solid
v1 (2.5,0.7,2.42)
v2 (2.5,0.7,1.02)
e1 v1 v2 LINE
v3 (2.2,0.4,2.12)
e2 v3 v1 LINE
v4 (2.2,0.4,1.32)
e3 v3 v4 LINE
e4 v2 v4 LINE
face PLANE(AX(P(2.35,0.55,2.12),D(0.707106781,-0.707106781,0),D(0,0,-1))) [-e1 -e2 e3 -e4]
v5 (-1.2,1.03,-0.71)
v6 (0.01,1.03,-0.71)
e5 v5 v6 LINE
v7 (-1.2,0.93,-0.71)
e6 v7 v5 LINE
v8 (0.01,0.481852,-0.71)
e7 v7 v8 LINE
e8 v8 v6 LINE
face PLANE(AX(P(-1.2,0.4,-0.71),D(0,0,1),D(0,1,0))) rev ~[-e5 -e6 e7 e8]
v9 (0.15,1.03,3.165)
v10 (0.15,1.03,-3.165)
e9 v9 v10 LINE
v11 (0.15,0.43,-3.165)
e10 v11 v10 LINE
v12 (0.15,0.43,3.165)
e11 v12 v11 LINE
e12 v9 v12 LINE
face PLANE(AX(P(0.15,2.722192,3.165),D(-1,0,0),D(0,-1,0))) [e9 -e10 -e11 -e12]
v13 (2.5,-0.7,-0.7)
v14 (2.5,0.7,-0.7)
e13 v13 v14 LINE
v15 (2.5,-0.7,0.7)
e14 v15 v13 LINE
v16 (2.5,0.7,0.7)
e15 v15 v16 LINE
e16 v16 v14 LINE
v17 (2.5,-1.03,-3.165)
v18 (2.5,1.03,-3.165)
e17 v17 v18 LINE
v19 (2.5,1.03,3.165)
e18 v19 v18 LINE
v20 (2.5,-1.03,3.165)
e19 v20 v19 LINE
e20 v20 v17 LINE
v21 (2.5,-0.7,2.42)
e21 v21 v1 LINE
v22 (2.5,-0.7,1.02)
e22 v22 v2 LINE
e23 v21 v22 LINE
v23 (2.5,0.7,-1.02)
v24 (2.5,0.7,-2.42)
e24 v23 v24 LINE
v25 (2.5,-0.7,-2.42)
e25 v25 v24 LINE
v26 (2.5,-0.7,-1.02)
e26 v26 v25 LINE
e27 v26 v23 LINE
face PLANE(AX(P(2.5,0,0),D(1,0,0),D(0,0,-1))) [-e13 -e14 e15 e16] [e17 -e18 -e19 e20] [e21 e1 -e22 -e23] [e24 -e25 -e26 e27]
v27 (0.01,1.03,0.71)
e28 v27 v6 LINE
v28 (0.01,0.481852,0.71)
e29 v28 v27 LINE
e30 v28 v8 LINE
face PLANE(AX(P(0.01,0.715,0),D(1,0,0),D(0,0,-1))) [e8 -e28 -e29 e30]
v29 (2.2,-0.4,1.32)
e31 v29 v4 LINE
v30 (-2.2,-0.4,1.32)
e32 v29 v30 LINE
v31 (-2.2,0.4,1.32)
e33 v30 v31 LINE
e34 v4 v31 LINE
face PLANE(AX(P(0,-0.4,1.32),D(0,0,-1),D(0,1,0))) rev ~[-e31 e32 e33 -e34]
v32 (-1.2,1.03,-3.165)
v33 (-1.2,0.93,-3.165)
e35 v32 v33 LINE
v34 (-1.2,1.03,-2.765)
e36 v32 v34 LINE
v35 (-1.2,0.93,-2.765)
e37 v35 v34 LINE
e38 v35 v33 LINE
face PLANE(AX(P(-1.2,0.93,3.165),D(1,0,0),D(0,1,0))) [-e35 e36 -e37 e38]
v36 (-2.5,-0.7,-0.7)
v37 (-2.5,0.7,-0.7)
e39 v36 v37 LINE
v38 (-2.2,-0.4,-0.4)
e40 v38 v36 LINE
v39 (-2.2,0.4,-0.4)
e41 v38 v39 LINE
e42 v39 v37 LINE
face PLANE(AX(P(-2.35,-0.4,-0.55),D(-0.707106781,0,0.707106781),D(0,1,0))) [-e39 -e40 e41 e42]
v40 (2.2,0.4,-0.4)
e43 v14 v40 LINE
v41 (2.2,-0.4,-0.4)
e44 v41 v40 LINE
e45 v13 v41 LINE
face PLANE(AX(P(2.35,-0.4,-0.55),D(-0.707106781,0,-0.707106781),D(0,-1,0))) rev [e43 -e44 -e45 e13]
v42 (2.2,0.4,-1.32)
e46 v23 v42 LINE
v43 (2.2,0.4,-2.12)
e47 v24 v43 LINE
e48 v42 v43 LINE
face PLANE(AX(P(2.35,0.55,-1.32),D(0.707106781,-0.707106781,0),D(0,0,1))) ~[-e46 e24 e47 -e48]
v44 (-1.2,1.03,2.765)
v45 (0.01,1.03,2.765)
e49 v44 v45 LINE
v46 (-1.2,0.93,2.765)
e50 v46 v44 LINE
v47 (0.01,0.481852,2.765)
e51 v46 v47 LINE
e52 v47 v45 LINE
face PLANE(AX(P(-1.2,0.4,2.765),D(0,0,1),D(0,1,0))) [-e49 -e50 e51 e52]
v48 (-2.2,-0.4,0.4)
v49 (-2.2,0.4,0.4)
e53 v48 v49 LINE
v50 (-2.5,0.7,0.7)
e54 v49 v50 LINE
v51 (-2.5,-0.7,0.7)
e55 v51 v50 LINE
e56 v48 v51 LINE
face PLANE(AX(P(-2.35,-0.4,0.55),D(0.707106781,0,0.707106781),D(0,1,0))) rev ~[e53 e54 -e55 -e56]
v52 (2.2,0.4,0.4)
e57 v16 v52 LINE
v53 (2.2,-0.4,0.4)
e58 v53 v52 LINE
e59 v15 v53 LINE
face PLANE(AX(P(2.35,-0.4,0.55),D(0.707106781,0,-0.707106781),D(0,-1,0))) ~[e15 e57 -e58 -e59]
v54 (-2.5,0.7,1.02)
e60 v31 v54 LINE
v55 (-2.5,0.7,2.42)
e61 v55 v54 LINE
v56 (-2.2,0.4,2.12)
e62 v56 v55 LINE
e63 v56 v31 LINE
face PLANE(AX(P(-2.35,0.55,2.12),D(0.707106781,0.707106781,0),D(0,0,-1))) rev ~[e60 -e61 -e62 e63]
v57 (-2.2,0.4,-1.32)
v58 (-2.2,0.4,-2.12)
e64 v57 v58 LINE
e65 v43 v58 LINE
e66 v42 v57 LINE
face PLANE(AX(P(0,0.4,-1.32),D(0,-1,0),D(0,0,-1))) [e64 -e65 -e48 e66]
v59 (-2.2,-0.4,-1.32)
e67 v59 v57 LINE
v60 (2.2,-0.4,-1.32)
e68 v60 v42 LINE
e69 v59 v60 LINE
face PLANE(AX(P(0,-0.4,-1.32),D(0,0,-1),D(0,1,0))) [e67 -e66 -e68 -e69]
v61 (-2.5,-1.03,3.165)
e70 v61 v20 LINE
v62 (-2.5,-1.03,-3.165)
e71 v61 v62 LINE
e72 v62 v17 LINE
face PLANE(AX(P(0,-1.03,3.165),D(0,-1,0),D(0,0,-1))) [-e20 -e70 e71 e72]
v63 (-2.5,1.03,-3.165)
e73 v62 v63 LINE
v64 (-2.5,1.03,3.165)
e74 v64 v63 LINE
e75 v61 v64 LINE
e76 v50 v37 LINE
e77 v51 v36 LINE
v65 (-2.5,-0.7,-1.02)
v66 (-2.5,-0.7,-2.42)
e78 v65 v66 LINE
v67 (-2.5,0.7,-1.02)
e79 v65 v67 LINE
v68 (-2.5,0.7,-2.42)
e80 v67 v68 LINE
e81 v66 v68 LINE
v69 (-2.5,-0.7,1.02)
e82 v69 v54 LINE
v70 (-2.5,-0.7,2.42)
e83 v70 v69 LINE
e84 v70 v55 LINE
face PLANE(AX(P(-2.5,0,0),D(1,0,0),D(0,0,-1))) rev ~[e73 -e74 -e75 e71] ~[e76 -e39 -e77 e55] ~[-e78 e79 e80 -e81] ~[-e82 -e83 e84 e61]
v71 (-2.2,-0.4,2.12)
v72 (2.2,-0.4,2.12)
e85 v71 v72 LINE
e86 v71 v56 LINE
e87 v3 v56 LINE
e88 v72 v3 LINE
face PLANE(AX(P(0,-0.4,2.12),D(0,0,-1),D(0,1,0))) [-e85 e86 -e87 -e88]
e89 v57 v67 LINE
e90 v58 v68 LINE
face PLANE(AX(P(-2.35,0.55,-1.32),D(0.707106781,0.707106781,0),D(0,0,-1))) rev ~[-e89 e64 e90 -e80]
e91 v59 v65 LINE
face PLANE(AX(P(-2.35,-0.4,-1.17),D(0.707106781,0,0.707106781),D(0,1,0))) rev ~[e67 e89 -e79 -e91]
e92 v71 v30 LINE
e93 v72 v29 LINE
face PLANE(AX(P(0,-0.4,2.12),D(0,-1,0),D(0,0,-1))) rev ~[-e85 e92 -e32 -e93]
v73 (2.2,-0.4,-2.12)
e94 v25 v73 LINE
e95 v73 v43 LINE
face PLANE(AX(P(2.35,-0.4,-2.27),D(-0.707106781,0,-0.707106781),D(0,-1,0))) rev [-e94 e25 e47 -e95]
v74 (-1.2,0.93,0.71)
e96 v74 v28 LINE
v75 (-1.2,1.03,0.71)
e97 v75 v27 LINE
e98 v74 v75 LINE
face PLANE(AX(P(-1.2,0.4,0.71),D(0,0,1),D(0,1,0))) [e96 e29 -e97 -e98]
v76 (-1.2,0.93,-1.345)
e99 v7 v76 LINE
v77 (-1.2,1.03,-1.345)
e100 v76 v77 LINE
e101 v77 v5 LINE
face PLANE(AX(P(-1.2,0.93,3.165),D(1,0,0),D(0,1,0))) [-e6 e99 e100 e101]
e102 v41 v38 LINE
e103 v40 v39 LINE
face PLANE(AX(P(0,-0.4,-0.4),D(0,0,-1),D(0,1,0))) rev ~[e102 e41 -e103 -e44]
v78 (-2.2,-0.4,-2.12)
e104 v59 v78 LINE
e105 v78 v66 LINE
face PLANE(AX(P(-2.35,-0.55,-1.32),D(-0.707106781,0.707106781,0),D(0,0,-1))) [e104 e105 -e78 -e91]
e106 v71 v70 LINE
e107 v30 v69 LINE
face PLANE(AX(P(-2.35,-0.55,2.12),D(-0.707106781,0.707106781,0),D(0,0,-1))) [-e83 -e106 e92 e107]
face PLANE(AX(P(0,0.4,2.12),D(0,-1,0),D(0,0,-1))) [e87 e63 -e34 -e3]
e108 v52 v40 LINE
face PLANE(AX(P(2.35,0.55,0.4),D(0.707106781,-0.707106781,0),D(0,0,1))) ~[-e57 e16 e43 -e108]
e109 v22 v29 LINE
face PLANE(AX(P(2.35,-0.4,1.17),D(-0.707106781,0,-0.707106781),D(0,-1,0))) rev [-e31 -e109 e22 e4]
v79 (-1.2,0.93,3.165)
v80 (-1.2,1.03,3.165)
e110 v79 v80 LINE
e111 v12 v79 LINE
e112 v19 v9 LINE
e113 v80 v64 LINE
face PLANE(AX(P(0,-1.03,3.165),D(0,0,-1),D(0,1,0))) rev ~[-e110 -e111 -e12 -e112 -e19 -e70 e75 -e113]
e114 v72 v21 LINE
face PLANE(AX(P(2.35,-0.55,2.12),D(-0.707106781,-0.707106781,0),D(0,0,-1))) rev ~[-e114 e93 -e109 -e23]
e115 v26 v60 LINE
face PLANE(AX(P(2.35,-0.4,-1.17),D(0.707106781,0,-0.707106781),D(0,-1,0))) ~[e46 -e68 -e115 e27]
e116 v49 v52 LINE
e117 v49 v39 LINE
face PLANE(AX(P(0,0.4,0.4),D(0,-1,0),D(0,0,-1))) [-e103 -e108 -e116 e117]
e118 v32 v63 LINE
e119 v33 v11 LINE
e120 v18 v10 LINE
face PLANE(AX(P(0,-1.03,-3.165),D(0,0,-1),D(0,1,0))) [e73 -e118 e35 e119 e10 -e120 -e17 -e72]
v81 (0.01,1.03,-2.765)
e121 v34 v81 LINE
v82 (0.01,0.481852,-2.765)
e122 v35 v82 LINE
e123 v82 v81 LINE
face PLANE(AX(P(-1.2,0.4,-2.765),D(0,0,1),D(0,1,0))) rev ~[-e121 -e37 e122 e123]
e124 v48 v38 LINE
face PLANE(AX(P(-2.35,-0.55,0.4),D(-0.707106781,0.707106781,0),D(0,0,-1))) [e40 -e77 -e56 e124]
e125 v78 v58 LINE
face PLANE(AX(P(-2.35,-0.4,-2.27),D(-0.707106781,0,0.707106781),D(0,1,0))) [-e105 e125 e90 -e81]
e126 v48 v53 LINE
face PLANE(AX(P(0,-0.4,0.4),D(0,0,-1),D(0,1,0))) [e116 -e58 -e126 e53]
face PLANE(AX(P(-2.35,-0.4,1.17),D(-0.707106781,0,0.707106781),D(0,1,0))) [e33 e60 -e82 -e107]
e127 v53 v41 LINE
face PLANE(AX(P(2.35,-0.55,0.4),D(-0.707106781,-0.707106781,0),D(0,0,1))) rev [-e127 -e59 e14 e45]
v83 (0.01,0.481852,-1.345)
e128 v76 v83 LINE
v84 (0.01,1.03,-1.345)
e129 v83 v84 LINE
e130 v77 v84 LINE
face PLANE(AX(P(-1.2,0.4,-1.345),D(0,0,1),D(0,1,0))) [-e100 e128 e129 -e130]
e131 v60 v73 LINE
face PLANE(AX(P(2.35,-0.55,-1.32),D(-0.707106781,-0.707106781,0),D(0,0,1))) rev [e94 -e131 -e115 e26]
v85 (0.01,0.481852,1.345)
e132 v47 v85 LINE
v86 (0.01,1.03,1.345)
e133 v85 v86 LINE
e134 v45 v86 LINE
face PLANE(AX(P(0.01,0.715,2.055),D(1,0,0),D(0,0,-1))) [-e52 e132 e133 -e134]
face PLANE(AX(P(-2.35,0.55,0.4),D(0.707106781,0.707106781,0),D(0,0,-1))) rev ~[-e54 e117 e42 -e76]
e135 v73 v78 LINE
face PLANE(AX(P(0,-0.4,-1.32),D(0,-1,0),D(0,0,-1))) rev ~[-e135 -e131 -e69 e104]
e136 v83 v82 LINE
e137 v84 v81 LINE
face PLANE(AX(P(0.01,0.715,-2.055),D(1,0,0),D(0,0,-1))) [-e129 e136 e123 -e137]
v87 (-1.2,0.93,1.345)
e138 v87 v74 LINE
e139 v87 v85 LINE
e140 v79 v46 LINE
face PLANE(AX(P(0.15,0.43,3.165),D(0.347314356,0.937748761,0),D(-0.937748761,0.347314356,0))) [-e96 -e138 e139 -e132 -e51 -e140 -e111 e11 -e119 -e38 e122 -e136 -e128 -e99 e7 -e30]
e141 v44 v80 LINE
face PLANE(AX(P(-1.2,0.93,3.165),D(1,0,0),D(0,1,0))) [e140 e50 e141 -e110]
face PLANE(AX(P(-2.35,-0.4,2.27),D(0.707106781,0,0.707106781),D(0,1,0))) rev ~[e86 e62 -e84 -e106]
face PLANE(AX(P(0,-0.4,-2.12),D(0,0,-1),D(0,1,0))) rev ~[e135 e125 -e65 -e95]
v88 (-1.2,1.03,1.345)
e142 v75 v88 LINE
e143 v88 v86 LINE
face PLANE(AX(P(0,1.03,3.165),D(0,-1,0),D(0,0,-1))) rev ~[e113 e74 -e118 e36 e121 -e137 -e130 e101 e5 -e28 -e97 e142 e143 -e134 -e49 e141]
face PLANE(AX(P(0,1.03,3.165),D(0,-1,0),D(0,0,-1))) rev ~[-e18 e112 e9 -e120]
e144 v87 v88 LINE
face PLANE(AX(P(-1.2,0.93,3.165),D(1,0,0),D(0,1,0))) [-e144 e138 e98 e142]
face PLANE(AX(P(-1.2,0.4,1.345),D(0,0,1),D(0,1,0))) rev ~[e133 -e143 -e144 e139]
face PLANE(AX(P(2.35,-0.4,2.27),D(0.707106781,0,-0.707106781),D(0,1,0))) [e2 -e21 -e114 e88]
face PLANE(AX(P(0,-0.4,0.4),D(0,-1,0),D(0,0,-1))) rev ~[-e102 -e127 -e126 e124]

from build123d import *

# Parameters (mm, degrees)
SKETCH1_W           = 6.33
SKETCH1_H           = 2.06
SKETCH1_W_2         = 0.8
SKETCH1_H_2         = 0.8
BOSS_EXTRUDE1_DEPTH = 2.5
CUT_EXTRUDE1_DEPTH  = 7.25
SKETCH3_W           = 1.42
SKETCH3_H           = 0.63
BOSS_EXTRUDE2_DEPTH = 1.21
CHAMFER1_SIZE       = 0.3


with BuildPart() as part:
    # Sketch1 → Boss-Extrude1 (new, symmetric)
    with BuildSketch(Plane(origin=(0, 0, 0), x_dir=(0, 0, -1), z_dir=(1, 0, 0))):
        Rectangle(SKETCH1_W, SKETCH1_H)
        Rectangle(SKETCH1_W_2, SKETCH1_H_2, mode=Mode.SUBTRACT)
        with Locations((-1.72, 0)):
            Rectangle(SKETCH1_W_2, SKETCH1_H_2, mode=Mode.SUBTRACT)
        with Locations((1.72, 0)):
            Rectangle(SKETCH1_W_2, SKETCH1_H_2, mode=Mode.SUBTRACT)
    extrude(amount=BOSS_EXTRUDE1_DEPTH, both=True)

    # Sketch2 → Cut-Extrude1 (cut)
    with BuildSketch(Plane.XY.offset(3.165)):
        Polygon((-1.2, 2.722191774), (0.15, 2.722191774), (0.15, 0.43), (-1.2, 0.93), align=None)
    extrude(amount=-CUT_EXTRUDE1_DEPTH, mode=Mode.SUBTRACT)

    # Sketch3 → Boss-Extrude2 (add)
    with BuildSketch(Plane(origin=(-1.2, 0, 0), x_dir=(0, 0, -1), z_dir=(1, 0, 0))):
        with Locations((-2.055, 0.715)):
            Rectangle(SKETCH3_W, SKETCH3_H)
        with Locations((0, 0.715)):
            Rectangle(SKETCH3_W, SKETCH3_H)
        with Locations((2.055, 0.715)):
            Rectangle(SKETCH3_W, SKETCH3_H)
    extrude(amount=BOSS_EXTRUDE2_DEPTH)

    # Chamfer1
    chamfer1_edges = [part.edges().sort_by_distance(p)[0] for p in [
        (-2.5, 0, -0.4),
        (-2.5, 0.4, 0),
        (-2.5, 0, 0.4),
        (-2.5, -0.4, 0),
        (2.5, 0, -0.4),
        (2.5, 0.4, 0),
        (2.5, 0, 0.4),
        (2.5, -0.4, 0),
        (-2.5, 0, 1.32),
        (-2.5, 0.4, 1.72),
        (-2.5, 0, 2.12),
        (-2.5, -0.4, 1.72),
        (2.5, 0, 1.32),
        (2.5, 0.4, 1.72),
        (2.5, 0, 2.12),
        (2.5, -0.4, 1.72),
        (-2.5, 0, -2.12),
        (-2.5, 0.4, -1.72),
        (-2.5, 0, -1.32),
        (-2.5, -0.4, -1.72),
        (2.5, 0, -2.12),
        (2.5, 0.4, -1.72),
        (2.5, 0, -1.32),
        (2.5, -0.4, -1.72),
    ]]
    chamfer(chamfer1_edges, length=CHAMFER1_SIZE)


solid = part.part
